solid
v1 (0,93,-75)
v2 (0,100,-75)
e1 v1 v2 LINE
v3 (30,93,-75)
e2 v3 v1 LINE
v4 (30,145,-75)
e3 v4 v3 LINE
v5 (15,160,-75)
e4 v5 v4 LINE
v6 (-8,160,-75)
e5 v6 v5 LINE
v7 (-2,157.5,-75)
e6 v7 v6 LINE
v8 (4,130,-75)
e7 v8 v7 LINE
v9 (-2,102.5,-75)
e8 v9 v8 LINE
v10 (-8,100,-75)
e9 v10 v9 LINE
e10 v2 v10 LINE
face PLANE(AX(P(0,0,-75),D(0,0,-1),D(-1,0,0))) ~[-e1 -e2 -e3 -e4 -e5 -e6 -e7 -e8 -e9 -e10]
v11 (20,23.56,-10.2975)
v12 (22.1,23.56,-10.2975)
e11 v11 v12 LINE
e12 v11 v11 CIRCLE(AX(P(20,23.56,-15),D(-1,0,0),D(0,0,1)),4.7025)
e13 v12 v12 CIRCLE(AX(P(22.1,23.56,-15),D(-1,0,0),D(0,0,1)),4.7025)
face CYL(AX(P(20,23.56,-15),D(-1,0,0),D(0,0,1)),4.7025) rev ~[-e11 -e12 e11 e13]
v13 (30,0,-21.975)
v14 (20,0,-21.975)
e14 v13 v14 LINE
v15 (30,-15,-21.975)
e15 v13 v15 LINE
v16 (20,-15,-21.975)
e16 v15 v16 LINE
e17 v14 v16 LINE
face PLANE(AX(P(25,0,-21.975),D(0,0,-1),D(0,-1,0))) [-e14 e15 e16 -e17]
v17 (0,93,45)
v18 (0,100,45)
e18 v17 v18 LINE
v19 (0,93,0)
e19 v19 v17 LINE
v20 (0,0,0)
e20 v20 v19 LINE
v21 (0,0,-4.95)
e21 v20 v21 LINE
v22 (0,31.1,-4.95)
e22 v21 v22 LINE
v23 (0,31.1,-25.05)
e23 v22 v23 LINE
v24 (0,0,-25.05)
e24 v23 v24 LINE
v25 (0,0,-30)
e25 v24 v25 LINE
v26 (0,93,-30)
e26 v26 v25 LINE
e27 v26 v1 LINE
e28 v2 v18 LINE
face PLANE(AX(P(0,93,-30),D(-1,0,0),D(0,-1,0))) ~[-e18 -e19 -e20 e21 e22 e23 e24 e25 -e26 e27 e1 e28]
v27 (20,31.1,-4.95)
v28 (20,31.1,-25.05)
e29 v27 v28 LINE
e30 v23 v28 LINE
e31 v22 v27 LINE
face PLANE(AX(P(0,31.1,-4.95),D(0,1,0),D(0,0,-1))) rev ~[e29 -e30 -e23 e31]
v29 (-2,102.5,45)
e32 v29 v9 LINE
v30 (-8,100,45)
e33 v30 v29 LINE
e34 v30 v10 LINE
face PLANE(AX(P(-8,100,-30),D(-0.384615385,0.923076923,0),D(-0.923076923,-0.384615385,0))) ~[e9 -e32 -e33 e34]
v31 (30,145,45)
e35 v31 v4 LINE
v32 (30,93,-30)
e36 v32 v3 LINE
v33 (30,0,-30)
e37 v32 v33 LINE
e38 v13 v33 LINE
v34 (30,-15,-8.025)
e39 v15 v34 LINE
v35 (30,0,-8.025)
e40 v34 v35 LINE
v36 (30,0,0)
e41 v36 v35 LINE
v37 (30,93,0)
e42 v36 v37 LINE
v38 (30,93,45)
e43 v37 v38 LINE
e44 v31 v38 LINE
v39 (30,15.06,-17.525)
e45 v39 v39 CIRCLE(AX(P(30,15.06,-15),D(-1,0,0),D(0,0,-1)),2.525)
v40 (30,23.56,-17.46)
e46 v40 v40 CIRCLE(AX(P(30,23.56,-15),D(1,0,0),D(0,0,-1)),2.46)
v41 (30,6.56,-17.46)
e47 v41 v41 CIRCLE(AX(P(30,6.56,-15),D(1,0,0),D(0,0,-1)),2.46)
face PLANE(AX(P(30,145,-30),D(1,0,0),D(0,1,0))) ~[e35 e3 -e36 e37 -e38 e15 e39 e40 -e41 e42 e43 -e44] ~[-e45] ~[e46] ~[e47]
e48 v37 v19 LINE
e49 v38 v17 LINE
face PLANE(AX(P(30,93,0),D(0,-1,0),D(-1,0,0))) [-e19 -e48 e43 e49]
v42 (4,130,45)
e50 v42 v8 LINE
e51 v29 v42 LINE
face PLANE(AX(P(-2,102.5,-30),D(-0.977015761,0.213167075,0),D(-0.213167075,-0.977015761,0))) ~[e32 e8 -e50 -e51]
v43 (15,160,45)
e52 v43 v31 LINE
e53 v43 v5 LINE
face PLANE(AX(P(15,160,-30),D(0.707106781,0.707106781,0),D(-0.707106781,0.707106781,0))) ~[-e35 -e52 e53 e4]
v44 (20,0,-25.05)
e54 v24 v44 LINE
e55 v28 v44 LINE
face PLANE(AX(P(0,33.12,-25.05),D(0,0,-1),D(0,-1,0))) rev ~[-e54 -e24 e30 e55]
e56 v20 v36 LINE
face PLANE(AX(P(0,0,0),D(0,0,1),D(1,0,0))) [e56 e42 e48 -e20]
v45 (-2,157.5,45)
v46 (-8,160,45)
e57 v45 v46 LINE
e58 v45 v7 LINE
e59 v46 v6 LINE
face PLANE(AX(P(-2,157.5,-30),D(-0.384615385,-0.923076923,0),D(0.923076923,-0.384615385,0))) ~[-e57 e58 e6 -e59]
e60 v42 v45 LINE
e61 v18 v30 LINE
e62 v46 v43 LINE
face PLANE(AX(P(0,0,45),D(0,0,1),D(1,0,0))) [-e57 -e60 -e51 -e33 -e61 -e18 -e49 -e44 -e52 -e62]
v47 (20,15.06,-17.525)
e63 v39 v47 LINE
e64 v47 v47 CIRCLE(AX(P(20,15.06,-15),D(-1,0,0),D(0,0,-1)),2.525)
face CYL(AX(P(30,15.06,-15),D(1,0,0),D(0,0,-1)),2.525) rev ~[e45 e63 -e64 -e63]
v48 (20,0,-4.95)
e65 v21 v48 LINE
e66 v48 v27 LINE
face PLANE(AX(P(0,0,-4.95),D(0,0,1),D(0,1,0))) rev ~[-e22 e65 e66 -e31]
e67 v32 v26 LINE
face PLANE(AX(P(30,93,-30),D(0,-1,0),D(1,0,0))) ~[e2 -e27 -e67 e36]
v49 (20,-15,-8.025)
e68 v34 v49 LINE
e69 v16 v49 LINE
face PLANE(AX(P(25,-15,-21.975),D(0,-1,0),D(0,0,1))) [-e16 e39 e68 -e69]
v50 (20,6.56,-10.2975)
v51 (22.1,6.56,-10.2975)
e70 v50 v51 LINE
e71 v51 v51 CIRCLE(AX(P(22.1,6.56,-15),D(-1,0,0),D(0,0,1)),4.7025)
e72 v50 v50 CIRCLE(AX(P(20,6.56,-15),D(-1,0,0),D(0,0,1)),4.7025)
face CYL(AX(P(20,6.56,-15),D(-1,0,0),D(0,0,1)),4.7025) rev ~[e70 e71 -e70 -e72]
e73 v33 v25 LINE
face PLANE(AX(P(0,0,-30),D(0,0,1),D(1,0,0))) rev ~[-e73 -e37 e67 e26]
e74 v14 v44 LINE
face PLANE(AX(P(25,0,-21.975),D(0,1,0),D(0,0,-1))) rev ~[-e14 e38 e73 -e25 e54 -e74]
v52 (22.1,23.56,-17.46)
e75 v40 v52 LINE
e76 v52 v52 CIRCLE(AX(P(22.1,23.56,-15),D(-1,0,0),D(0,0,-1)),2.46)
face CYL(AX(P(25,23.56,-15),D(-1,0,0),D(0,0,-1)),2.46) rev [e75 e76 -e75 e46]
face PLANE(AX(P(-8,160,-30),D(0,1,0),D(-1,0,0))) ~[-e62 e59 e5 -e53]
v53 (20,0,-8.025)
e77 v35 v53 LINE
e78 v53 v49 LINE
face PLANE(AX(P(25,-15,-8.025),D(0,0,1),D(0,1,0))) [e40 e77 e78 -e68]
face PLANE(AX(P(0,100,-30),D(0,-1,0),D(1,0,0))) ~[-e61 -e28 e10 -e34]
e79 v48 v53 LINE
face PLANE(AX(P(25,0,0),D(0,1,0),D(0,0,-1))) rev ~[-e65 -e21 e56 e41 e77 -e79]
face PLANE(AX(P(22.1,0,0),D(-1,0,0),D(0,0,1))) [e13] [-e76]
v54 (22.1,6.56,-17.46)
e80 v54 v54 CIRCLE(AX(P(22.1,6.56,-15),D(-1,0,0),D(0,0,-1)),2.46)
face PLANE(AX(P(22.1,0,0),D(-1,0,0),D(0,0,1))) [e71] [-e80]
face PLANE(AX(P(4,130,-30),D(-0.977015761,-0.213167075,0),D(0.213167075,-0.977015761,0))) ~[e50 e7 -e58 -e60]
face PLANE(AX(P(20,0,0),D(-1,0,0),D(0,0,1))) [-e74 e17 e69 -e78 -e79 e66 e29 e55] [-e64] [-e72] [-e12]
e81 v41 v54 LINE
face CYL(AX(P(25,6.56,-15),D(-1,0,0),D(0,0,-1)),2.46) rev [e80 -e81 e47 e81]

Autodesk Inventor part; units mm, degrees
ref_plane "YZ Plane" through (0, 0, 0) normal (1, 0, 0) x (0, 1, 0)
ref_plane "XZ Plane" through (0, 0, 0) normal (0, 1, 0) x (-1, 0, 0)
sketch "Sketch1" plane through (0, 0, 0) normal (0, 0, 1) x (1, 0, 0)
  line L0 (0, 0) -> (25, 0)
  line L1 (25, 0) -> (25, 40)
  line L2 (25, 40) -> (0, 40)
  line L3 (0, 40) -> (0, 0)
  dimension "d1" = 25
  dimension "d2" = 40
  dimension "d3" = 25
extrude "Extrusion1" add sketch "Sketch1" against normal blind 30
sketch "Sketch2" plane through (25, 0, 0) normal (1, 0, 0) x (0, 0, -1)
  line L0 (0, 0) -> (30, 0) projected
  circle A0 centre (15, 6.56) radius 2.46
extrude "Extrusion2" cut sketch "Sketch2" against normal blind 30
sketch "Sketch3" plane through (0, 0, 0) normal (-1, 0, 0) x (0, 0, 1)
  line L0 (0, 0) -> (-30, 0) projected
  line L1 (-25.05, 0) -> (-4.95, 0)
  line L2 (-4.95, 0) -> (-4.95, 33.12)
  line L3 (-4.95, 33.12) -> (-25.05, 33.12)
  line L4 (-25.05, 33.12) -> (-25.05, 0)
  dimension "d11" = 20.1
extrude "Extrusion3" cut sketch "Sketch3" against normal blind 20
sketch "Sketch4" plane through (0, 0, 0) normal (0, -1, 0) x (1, 0, 0)
  line L0 (20, -4.95) -> (20, -25.05) projected
  line L1 (20, -15) -> (25, -15)
  line L2 (25, 0) -> (25, -30) projected
  line L3 (20, -8.025) -> (25, -8.025)
  line L4 (25, -8.025) -> (25, -21.975)
  line L5 (25, -21.975) -> (20, -21.975)
  line L6 (20, -21.975) -> (20, -8.025)
  line L7 (20, -8.025) -> (25, -21.975) construction
  line L8 (25, -8.025) -> (20, -21.975) construction
  line L9 (25, -12.54) -> (25, -17.46) projected
  point P0 (0, 0)
  point P1 (22.5, -15)
  dimension "d14" = 13.95
extrude "Extrusion4" add sketch "Sketch4" along normal blind 15
sketch "Sketch5" plane through (20, 0, 0) normal (-1, 0, 0) x (0, 0, 1)
  circle A0 centre (-15, 6.56) radius 2.46 projected
  circle A1 centre (-15, 6.56) radius 4.7025
  circle A2 centre (-15, 6.56) radius 2.46 projected
  circle A3 centre (-15, 6.56) radius 2.46
  point P0 (0, 0)
  dimension "d17" = 9.405
extrude "Extrusion5" cut sketch "Sketch5" against normal blind 2.1
sketch "Sketch6" plane through (25, 0, 0) normal (1, 0, 0) x (0, 0, -1)
  circle A0 centre (15, 6.56) radius 4.7025 projected
  line L0 (15, 6.56) -> (15, 23.56)
  circle A1 centre (15, 23.56) radius 2.46
  point P0 (0, 0)
  dimension "d20" = 17
  dimension "d21" = 4.92
extrude "Extrusion6" cut sketch "Sketch6" against normal blind 10 contours A1
sketch "Sketch7" plane through (20, 0, 0) normal (-1, 0, 0) x (0, 0, 1)
  circle A0 centre (-15, 23.56) radius 2.46 projected
  circle A1 centre (-15, 23.56) radius 4.7025
  point P0 (0, 0)
  dimension "d24" = 9.405
extrude "Extrusion7" cut sketch "Sketch7" against normal blind 2.1
sketch "Sketch9" plane through (25, 0, 0) normal (1, 0, 0) x (0, 0, -1)
  circle A0 centre (15, 6.56) radius 2.46 projected
  circle A1 centre (15, 6.56) radius 2.46
  circle A2 centre (15, 23.56) radius 2.46 projected
  circle A3 centre (15, 23.56) radius 2.46
  line L0 (30, 40) -> (30, 0) projected
  line L1 (30, 0) -> (30, 40)
  line L2 (30, 40) -> (0, 40)
  line L3 (0, 40) -> (0, 0)
  line L4 (0, 0) -> (8.025, 0) projected
  line L5 (21.975, 0) -> (21.975, -15)
  line L6 (21.975, -15) -> (8.025, -15)
  line L7 (8.025, -15) -> (8.025, 0)
  line L8 (0, 0) -> (8.025, 0)
  line L9 (21.975, 0) -> (30, 0)
extrude "Extrusion8" add sketch "Sketch9" along normal blind 5
sketch "Sketch10" plane through (0, 40, 0) normal (0, 1, 0) x (1, 0, 0)
  line L0 (0, 30) -> (30, 30) projected
  line L1 (30, 0) -> (0, 0) projected
  line L2 (0, 30) -> (30, 30)
  line L3 (30, 30) -> (30, 0)
  line L4 (30, 0) -> (0, 0)
  line L5 (0, 0) -> (0, 30)
extrude "Extrusion9" add sketch "Sketch10" along normal blind 30
sketch "Sketch12" plane through (30, 0, 0) normal (1, 0, 0) x (0, 0, -1)
  circle A0 centre (15, 6.56) radius 2.46 projected
  line L0 (15, 6.56) -> (15, 15.06)
  circle A1 centre (15, 15.06) radius 2.525
  point P0 (0, 0)
  dimension "d31" = 8.5
  dimension "d33" = 5.05
extrude "Extrusion10" cut sketch "Sketch12" against normal blind 30 contours A1
sketch "Sketch14" plane through (0, 0, 0) normal (0, 0, 1) x (1, 0, 0)
  line L0 (30, 70) -> (0, 70) projected
  line L1 (0, 100) -> (-8, 100)
  line L2 (30, 0) -> (30, 70) projected
  line L3 (30, 118) -> (30, 70)
  line L4 (30, 105) -> (30, 100)
  line L5 (0, 70) -> (30, 70) projected
  line L6 (0, 70) -> (0, 100)
  line L7 (30, 122.5) -> (30, 118)
  line L8 (30, 70) -> (30, 145)
  line L9 (-2, 157.5) -> (-8, 160)
  line L10 (-2, 102.5) -> (-8, 100)
  line L11 (4, 130) -> (-2, 102.5)
  line L12 (4, 130) -> (-2, 157.5)
  line L13 (-8, 160) -> (15, 160)
  line L14 (30, 145) -> (15, 160)
  point P0 (0, 0)
  dimension "d47" = 30
extrude "Extrusion12" add sketch "Sketch14" against normal blind 30
sketch "Sketch15" plane through (0, 0, -25.05) normal (-1, 0, 0) x (0, 0, 1)
  line L0 (0, 33.12) -> (20.1, 33.12) projected
  line L1 (20.1, 33.12) -> (20.1, 0) projected
  line L2 (0, 33.12) -> (20.1, 33.12)
  line L3 (20.1, 33.12) -> (20.1, 31.1)
  line L4 (20.1, 31.1) -> (0, 31.1)
  line L5 (0, 31.1) -> (0, 33.12)
  point P0 (25.05, 0)
  dimension "d57" = 2.02
extrude "Extrusion13" add sketch "Sketch15" against normal blind 20
sketch "Sketch27" plane through (0, 0, 0) normal (0, 0, 1) x (1, 0, 0)
  point P0 (0, 0)
sketch "Sketch28" plane through (0, 0, 0) normal (0, 0, 1) x (1, 0, 0)
  line L0 (0, 100) -> (-8, 100) projected
  line L1 (0, 100) -> (-8, 100)
  line L2 (-8, 100) -> (-2, 102.5) projected
  line L3 (-8, 100) -> (-2, 102.5)
  line L4 (-2, 102.5) -> (4, 130) projected
  line L5 (-2, 102.5) -> (4, 130)
  line L6 (4, 130) -> (-2, 157.5) projected
  line L7 (4, 130) -> (-2, 157.5)
  line L8 (-2, 157.5) -> (-8, 160) projected
  line L9 (-2, 157.5) -> (-8, 160)
  line L10 (-8, 160) -> (15, 160) projected
  line L11 (-8, 160) -> (15, 160)
  line L12 (15, 160) -> (30, 145) projected
  line L13 (15, 160) -> (30, 145)
  line L14 (30, 145) -> (30, 93)
  line L15 (30, 0) -> (30, 145) projected
  line L16 (30, 93) -> (0, 93)
  line L17 (0, 0) -> (0, 100) projected
  line L18 (0, 93) -> (0, 100)
  dimension "d98" = 52
extrude "Extrusion14" add sketch "Sketch28" along normal blind 45
ref_plane "Work Plane1" through (0, 0, -15) normal (0, 0, 1) x (1, 0, 0)
mirror "Mirror1" about plane through (0, 0, -15) normal (0, 0, 1) of "Extrusion14"
properties part number "55mm_x_120mm"
